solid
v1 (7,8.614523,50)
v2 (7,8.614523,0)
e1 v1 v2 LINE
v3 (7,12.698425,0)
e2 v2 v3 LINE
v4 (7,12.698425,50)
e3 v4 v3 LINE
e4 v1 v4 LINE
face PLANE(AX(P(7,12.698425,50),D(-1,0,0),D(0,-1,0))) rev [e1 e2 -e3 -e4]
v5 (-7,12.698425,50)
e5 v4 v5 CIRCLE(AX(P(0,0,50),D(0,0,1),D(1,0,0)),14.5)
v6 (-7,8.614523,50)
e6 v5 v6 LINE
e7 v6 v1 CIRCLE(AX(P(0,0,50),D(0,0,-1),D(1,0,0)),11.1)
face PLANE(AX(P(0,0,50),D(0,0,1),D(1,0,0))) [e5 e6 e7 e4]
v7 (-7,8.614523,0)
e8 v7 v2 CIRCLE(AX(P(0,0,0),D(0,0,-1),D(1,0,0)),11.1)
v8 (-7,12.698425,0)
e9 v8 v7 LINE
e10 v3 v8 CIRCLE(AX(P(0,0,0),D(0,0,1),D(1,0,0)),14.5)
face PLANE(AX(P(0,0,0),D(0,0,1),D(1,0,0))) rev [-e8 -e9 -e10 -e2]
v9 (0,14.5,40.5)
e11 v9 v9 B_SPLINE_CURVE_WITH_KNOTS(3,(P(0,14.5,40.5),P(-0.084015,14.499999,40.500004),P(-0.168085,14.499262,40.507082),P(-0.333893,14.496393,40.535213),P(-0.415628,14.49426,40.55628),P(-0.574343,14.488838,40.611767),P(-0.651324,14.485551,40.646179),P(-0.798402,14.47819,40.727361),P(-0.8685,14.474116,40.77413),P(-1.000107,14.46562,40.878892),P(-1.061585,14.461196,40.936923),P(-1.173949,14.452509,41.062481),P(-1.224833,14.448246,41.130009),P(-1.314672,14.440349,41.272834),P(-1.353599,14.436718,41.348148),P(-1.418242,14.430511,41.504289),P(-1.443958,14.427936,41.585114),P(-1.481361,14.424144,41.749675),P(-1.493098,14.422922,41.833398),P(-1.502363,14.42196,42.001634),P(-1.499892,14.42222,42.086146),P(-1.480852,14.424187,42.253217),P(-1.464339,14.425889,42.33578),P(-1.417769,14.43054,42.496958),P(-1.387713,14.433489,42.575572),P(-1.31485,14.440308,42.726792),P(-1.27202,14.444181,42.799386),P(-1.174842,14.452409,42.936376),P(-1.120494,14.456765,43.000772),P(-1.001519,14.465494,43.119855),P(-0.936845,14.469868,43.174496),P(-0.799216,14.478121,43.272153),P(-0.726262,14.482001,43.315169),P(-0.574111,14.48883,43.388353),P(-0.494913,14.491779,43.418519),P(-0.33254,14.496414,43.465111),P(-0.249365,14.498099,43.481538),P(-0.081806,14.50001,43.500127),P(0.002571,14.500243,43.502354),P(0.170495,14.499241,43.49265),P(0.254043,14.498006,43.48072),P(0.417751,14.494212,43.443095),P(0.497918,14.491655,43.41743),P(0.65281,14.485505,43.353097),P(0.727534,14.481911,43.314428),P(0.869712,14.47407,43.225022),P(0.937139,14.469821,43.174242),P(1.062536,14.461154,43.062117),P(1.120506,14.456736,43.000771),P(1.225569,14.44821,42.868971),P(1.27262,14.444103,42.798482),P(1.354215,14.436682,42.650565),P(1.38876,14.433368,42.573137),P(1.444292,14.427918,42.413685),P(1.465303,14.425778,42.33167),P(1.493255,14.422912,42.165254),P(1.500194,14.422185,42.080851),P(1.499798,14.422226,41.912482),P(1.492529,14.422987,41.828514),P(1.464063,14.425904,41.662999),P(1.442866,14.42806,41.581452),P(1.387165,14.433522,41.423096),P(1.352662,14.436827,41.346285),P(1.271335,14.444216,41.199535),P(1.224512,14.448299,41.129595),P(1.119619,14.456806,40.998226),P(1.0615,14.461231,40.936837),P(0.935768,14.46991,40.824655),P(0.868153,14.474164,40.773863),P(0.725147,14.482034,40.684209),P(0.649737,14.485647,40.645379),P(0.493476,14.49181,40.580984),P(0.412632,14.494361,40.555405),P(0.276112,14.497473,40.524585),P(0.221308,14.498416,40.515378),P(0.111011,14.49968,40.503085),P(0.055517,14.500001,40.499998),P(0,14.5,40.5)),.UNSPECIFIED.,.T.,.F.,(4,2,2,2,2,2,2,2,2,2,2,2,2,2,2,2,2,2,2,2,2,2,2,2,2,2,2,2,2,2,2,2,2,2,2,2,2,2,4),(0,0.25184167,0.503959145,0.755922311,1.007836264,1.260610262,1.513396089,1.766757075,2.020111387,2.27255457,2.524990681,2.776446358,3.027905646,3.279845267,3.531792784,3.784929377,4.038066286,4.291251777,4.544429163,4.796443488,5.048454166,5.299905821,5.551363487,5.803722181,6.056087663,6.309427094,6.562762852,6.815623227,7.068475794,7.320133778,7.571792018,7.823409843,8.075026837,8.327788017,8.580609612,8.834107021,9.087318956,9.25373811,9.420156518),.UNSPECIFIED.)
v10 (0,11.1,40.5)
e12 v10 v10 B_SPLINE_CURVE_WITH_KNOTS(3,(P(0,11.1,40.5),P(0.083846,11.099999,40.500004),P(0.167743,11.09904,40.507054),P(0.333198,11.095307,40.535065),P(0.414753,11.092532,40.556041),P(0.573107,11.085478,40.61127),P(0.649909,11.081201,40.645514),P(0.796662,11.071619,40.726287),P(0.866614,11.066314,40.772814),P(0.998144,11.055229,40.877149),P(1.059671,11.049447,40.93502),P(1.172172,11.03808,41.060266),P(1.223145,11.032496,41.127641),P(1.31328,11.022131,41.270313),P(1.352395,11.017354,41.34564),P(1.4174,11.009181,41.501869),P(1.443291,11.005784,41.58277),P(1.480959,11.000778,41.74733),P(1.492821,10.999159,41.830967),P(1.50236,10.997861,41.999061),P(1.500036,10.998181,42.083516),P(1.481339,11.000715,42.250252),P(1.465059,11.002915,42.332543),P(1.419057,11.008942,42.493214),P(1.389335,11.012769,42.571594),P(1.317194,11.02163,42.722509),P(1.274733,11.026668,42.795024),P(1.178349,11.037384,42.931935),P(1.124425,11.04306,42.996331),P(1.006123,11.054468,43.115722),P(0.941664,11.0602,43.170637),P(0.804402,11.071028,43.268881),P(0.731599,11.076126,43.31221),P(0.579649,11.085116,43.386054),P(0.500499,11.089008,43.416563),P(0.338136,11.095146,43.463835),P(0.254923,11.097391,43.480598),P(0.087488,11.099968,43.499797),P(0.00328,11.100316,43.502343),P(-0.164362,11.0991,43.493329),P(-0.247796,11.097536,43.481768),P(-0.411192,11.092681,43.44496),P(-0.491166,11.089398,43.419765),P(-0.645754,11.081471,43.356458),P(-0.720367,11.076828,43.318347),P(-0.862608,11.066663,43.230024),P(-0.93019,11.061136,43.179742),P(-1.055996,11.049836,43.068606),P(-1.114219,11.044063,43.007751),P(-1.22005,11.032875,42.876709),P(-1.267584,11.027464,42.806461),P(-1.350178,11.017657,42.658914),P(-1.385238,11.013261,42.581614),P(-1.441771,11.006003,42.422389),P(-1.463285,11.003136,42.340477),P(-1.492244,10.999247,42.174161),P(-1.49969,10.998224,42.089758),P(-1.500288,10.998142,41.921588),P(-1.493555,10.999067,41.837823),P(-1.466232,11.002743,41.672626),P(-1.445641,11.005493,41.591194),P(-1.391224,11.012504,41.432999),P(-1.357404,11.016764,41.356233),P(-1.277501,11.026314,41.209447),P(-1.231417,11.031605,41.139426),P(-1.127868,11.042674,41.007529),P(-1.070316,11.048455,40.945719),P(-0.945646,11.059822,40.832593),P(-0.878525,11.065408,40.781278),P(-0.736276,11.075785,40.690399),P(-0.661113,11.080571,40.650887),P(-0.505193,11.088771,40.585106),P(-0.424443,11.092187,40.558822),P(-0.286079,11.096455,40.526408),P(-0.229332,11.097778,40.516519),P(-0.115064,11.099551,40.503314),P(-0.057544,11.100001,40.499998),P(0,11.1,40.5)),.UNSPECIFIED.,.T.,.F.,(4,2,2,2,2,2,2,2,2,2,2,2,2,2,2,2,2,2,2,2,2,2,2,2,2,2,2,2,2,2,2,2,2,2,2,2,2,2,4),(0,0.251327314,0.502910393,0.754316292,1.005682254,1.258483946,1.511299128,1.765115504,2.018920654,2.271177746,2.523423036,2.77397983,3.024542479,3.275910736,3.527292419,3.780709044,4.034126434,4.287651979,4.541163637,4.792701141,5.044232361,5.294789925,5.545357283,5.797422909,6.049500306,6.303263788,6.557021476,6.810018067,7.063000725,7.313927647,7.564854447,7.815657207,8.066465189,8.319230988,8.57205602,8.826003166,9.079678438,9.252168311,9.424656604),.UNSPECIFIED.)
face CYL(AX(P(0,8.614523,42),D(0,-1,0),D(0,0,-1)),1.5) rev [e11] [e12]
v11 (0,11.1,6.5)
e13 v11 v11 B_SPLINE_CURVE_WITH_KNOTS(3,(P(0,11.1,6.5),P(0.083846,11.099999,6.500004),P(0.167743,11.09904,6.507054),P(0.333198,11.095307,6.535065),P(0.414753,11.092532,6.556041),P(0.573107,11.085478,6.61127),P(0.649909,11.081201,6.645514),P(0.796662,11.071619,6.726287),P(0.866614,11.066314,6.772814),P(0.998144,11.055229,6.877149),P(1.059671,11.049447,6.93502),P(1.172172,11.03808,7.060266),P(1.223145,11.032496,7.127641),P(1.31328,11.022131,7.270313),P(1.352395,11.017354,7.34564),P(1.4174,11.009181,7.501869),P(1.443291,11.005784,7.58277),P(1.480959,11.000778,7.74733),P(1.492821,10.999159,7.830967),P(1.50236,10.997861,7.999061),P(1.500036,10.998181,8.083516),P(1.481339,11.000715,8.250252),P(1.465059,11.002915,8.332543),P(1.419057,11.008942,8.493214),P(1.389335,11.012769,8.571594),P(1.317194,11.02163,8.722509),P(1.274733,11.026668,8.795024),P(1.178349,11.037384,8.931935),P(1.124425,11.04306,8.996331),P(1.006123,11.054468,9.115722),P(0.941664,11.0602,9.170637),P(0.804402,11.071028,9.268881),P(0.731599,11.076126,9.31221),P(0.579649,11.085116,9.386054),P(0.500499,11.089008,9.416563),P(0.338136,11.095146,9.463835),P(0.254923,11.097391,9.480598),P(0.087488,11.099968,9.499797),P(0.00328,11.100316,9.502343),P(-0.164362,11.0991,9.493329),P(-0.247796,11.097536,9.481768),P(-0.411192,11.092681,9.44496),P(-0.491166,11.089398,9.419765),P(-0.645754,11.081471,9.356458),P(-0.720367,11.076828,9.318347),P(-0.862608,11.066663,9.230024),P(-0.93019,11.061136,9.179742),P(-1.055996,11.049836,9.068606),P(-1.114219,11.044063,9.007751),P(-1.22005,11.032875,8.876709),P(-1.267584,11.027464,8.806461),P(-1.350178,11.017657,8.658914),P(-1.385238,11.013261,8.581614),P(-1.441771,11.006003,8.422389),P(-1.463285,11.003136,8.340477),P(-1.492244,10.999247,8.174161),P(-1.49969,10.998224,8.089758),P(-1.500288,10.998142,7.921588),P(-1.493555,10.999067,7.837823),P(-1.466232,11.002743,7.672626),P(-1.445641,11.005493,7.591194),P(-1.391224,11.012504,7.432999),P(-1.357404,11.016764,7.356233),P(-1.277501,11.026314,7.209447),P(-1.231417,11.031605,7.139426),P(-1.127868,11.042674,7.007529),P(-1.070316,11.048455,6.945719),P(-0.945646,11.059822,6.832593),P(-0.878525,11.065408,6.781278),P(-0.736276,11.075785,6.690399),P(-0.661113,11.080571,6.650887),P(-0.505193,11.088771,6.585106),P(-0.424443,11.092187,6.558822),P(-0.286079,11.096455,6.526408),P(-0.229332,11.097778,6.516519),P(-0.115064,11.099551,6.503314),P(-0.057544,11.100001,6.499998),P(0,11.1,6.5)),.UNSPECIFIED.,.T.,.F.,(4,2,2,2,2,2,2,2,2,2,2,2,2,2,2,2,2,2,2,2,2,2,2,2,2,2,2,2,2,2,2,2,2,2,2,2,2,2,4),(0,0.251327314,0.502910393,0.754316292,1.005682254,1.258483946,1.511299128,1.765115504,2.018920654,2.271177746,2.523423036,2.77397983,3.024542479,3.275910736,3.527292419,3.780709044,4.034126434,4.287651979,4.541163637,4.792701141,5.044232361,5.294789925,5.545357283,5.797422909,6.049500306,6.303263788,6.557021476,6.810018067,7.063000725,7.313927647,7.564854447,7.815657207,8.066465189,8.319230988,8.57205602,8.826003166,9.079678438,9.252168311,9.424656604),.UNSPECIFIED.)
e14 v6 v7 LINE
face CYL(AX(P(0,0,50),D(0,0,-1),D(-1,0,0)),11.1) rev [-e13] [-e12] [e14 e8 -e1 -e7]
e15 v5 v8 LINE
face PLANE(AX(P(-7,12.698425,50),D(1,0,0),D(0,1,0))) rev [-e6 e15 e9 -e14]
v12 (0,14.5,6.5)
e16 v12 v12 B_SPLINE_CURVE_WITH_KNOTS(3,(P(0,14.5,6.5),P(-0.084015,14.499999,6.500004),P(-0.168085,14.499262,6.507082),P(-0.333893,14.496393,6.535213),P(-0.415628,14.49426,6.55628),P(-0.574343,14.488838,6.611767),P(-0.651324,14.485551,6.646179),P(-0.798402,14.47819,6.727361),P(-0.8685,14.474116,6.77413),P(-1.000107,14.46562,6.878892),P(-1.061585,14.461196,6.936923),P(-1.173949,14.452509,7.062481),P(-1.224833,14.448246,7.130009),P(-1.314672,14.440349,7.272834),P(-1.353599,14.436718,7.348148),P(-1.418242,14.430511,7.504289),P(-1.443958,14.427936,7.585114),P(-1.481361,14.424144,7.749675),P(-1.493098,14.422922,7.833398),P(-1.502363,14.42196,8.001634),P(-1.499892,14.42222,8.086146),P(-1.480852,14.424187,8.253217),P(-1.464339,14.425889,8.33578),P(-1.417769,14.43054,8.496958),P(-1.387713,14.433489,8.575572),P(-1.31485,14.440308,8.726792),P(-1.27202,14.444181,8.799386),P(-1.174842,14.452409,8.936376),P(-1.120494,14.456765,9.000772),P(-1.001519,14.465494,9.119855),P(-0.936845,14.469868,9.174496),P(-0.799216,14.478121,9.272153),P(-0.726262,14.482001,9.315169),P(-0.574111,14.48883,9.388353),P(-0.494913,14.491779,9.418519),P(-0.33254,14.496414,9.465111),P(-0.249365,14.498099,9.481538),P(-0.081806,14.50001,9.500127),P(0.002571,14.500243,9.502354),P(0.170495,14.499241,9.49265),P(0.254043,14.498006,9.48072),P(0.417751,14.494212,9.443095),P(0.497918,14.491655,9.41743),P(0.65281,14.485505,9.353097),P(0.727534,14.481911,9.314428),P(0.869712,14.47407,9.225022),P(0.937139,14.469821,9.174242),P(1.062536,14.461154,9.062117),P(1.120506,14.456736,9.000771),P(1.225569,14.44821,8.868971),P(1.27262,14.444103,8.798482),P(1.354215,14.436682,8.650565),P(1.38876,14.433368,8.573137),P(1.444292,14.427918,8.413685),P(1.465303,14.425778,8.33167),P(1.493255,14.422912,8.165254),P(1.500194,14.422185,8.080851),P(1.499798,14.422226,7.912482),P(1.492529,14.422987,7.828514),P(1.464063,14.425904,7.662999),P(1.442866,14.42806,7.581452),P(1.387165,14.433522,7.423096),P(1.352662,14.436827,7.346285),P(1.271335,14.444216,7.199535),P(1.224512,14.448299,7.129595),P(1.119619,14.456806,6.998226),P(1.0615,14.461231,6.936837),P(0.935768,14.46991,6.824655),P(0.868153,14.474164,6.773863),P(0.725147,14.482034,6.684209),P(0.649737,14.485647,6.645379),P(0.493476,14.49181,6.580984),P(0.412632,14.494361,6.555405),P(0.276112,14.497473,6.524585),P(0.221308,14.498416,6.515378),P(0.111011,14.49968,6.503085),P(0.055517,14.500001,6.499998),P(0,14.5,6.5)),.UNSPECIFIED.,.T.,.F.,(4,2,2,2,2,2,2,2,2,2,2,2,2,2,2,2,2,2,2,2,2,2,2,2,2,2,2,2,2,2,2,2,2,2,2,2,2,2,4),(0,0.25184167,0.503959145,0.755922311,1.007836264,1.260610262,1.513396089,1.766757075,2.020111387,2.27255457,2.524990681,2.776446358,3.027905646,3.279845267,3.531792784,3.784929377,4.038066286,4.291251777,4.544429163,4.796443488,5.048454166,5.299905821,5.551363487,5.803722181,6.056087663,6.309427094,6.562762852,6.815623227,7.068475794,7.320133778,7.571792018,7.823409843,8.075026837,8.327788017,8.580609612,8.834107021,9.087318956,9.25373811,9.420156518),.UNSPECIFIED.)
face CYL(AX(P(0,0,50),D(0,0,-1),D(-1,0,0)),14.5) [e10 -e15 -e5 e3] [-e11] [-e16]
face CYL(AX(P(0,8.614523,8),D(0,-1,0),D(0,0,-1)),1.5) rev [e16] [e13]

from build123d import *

# Parameters (mm, degrees)
BOSS_EXTRUDE1_DEPTH     = 50
CUT_EXTRUDE2_DEPTH      = 53.528563658
CUT_EXTRUDE2_DEPTH_BACK = 53.528563658
SKETCH7_R               = 1.5


with BuildPart() as part:
    # Sketch1 → Boss-Extrude1 (new body)
    with BuildSketch(Plane.XY):
        with BuildLine():
            Line((-7, 12.698425099), (-7, 8.614522622))
            ThreePointArc((-7, 8.614522622), (0, 11.1), (7, 8.614522622))
            Line((7, 8.614522622), (7, 12.698425099))
            ThreePointArc((7, 12.698425099), (0, 14.5), (-7, 12.698425099))
        make_face()
    extrude(amount=BOSS_EXTRUDE1_DEPTH)

    # Sketch7 → Cut-Extrude2 (cut, two sides: drawn at the far end of the back side and taken through both)
    with BuildSketch(Plane(origin=(0, 0, 0), x_dir=(1, 0, 0), z_dir=(0, 1, 0)).offset(-CUT_EXTRUDE2_DEPTH_BACK)):
        with Locations(Location((0, -8, 0), (0, 0, 90))):
            Circle(SKETCH7_R)
        with Locations(Location((0, -42, 0), (0, 0, 90))):
            Circle(SKETCH7_R)
    extrude(amount=CUT_EXTRUDE2_DEPTH + CUT_EXTRUDE2_DEPTH_BACK, mode=Mode.SUBTRACT)


solid = part.part
